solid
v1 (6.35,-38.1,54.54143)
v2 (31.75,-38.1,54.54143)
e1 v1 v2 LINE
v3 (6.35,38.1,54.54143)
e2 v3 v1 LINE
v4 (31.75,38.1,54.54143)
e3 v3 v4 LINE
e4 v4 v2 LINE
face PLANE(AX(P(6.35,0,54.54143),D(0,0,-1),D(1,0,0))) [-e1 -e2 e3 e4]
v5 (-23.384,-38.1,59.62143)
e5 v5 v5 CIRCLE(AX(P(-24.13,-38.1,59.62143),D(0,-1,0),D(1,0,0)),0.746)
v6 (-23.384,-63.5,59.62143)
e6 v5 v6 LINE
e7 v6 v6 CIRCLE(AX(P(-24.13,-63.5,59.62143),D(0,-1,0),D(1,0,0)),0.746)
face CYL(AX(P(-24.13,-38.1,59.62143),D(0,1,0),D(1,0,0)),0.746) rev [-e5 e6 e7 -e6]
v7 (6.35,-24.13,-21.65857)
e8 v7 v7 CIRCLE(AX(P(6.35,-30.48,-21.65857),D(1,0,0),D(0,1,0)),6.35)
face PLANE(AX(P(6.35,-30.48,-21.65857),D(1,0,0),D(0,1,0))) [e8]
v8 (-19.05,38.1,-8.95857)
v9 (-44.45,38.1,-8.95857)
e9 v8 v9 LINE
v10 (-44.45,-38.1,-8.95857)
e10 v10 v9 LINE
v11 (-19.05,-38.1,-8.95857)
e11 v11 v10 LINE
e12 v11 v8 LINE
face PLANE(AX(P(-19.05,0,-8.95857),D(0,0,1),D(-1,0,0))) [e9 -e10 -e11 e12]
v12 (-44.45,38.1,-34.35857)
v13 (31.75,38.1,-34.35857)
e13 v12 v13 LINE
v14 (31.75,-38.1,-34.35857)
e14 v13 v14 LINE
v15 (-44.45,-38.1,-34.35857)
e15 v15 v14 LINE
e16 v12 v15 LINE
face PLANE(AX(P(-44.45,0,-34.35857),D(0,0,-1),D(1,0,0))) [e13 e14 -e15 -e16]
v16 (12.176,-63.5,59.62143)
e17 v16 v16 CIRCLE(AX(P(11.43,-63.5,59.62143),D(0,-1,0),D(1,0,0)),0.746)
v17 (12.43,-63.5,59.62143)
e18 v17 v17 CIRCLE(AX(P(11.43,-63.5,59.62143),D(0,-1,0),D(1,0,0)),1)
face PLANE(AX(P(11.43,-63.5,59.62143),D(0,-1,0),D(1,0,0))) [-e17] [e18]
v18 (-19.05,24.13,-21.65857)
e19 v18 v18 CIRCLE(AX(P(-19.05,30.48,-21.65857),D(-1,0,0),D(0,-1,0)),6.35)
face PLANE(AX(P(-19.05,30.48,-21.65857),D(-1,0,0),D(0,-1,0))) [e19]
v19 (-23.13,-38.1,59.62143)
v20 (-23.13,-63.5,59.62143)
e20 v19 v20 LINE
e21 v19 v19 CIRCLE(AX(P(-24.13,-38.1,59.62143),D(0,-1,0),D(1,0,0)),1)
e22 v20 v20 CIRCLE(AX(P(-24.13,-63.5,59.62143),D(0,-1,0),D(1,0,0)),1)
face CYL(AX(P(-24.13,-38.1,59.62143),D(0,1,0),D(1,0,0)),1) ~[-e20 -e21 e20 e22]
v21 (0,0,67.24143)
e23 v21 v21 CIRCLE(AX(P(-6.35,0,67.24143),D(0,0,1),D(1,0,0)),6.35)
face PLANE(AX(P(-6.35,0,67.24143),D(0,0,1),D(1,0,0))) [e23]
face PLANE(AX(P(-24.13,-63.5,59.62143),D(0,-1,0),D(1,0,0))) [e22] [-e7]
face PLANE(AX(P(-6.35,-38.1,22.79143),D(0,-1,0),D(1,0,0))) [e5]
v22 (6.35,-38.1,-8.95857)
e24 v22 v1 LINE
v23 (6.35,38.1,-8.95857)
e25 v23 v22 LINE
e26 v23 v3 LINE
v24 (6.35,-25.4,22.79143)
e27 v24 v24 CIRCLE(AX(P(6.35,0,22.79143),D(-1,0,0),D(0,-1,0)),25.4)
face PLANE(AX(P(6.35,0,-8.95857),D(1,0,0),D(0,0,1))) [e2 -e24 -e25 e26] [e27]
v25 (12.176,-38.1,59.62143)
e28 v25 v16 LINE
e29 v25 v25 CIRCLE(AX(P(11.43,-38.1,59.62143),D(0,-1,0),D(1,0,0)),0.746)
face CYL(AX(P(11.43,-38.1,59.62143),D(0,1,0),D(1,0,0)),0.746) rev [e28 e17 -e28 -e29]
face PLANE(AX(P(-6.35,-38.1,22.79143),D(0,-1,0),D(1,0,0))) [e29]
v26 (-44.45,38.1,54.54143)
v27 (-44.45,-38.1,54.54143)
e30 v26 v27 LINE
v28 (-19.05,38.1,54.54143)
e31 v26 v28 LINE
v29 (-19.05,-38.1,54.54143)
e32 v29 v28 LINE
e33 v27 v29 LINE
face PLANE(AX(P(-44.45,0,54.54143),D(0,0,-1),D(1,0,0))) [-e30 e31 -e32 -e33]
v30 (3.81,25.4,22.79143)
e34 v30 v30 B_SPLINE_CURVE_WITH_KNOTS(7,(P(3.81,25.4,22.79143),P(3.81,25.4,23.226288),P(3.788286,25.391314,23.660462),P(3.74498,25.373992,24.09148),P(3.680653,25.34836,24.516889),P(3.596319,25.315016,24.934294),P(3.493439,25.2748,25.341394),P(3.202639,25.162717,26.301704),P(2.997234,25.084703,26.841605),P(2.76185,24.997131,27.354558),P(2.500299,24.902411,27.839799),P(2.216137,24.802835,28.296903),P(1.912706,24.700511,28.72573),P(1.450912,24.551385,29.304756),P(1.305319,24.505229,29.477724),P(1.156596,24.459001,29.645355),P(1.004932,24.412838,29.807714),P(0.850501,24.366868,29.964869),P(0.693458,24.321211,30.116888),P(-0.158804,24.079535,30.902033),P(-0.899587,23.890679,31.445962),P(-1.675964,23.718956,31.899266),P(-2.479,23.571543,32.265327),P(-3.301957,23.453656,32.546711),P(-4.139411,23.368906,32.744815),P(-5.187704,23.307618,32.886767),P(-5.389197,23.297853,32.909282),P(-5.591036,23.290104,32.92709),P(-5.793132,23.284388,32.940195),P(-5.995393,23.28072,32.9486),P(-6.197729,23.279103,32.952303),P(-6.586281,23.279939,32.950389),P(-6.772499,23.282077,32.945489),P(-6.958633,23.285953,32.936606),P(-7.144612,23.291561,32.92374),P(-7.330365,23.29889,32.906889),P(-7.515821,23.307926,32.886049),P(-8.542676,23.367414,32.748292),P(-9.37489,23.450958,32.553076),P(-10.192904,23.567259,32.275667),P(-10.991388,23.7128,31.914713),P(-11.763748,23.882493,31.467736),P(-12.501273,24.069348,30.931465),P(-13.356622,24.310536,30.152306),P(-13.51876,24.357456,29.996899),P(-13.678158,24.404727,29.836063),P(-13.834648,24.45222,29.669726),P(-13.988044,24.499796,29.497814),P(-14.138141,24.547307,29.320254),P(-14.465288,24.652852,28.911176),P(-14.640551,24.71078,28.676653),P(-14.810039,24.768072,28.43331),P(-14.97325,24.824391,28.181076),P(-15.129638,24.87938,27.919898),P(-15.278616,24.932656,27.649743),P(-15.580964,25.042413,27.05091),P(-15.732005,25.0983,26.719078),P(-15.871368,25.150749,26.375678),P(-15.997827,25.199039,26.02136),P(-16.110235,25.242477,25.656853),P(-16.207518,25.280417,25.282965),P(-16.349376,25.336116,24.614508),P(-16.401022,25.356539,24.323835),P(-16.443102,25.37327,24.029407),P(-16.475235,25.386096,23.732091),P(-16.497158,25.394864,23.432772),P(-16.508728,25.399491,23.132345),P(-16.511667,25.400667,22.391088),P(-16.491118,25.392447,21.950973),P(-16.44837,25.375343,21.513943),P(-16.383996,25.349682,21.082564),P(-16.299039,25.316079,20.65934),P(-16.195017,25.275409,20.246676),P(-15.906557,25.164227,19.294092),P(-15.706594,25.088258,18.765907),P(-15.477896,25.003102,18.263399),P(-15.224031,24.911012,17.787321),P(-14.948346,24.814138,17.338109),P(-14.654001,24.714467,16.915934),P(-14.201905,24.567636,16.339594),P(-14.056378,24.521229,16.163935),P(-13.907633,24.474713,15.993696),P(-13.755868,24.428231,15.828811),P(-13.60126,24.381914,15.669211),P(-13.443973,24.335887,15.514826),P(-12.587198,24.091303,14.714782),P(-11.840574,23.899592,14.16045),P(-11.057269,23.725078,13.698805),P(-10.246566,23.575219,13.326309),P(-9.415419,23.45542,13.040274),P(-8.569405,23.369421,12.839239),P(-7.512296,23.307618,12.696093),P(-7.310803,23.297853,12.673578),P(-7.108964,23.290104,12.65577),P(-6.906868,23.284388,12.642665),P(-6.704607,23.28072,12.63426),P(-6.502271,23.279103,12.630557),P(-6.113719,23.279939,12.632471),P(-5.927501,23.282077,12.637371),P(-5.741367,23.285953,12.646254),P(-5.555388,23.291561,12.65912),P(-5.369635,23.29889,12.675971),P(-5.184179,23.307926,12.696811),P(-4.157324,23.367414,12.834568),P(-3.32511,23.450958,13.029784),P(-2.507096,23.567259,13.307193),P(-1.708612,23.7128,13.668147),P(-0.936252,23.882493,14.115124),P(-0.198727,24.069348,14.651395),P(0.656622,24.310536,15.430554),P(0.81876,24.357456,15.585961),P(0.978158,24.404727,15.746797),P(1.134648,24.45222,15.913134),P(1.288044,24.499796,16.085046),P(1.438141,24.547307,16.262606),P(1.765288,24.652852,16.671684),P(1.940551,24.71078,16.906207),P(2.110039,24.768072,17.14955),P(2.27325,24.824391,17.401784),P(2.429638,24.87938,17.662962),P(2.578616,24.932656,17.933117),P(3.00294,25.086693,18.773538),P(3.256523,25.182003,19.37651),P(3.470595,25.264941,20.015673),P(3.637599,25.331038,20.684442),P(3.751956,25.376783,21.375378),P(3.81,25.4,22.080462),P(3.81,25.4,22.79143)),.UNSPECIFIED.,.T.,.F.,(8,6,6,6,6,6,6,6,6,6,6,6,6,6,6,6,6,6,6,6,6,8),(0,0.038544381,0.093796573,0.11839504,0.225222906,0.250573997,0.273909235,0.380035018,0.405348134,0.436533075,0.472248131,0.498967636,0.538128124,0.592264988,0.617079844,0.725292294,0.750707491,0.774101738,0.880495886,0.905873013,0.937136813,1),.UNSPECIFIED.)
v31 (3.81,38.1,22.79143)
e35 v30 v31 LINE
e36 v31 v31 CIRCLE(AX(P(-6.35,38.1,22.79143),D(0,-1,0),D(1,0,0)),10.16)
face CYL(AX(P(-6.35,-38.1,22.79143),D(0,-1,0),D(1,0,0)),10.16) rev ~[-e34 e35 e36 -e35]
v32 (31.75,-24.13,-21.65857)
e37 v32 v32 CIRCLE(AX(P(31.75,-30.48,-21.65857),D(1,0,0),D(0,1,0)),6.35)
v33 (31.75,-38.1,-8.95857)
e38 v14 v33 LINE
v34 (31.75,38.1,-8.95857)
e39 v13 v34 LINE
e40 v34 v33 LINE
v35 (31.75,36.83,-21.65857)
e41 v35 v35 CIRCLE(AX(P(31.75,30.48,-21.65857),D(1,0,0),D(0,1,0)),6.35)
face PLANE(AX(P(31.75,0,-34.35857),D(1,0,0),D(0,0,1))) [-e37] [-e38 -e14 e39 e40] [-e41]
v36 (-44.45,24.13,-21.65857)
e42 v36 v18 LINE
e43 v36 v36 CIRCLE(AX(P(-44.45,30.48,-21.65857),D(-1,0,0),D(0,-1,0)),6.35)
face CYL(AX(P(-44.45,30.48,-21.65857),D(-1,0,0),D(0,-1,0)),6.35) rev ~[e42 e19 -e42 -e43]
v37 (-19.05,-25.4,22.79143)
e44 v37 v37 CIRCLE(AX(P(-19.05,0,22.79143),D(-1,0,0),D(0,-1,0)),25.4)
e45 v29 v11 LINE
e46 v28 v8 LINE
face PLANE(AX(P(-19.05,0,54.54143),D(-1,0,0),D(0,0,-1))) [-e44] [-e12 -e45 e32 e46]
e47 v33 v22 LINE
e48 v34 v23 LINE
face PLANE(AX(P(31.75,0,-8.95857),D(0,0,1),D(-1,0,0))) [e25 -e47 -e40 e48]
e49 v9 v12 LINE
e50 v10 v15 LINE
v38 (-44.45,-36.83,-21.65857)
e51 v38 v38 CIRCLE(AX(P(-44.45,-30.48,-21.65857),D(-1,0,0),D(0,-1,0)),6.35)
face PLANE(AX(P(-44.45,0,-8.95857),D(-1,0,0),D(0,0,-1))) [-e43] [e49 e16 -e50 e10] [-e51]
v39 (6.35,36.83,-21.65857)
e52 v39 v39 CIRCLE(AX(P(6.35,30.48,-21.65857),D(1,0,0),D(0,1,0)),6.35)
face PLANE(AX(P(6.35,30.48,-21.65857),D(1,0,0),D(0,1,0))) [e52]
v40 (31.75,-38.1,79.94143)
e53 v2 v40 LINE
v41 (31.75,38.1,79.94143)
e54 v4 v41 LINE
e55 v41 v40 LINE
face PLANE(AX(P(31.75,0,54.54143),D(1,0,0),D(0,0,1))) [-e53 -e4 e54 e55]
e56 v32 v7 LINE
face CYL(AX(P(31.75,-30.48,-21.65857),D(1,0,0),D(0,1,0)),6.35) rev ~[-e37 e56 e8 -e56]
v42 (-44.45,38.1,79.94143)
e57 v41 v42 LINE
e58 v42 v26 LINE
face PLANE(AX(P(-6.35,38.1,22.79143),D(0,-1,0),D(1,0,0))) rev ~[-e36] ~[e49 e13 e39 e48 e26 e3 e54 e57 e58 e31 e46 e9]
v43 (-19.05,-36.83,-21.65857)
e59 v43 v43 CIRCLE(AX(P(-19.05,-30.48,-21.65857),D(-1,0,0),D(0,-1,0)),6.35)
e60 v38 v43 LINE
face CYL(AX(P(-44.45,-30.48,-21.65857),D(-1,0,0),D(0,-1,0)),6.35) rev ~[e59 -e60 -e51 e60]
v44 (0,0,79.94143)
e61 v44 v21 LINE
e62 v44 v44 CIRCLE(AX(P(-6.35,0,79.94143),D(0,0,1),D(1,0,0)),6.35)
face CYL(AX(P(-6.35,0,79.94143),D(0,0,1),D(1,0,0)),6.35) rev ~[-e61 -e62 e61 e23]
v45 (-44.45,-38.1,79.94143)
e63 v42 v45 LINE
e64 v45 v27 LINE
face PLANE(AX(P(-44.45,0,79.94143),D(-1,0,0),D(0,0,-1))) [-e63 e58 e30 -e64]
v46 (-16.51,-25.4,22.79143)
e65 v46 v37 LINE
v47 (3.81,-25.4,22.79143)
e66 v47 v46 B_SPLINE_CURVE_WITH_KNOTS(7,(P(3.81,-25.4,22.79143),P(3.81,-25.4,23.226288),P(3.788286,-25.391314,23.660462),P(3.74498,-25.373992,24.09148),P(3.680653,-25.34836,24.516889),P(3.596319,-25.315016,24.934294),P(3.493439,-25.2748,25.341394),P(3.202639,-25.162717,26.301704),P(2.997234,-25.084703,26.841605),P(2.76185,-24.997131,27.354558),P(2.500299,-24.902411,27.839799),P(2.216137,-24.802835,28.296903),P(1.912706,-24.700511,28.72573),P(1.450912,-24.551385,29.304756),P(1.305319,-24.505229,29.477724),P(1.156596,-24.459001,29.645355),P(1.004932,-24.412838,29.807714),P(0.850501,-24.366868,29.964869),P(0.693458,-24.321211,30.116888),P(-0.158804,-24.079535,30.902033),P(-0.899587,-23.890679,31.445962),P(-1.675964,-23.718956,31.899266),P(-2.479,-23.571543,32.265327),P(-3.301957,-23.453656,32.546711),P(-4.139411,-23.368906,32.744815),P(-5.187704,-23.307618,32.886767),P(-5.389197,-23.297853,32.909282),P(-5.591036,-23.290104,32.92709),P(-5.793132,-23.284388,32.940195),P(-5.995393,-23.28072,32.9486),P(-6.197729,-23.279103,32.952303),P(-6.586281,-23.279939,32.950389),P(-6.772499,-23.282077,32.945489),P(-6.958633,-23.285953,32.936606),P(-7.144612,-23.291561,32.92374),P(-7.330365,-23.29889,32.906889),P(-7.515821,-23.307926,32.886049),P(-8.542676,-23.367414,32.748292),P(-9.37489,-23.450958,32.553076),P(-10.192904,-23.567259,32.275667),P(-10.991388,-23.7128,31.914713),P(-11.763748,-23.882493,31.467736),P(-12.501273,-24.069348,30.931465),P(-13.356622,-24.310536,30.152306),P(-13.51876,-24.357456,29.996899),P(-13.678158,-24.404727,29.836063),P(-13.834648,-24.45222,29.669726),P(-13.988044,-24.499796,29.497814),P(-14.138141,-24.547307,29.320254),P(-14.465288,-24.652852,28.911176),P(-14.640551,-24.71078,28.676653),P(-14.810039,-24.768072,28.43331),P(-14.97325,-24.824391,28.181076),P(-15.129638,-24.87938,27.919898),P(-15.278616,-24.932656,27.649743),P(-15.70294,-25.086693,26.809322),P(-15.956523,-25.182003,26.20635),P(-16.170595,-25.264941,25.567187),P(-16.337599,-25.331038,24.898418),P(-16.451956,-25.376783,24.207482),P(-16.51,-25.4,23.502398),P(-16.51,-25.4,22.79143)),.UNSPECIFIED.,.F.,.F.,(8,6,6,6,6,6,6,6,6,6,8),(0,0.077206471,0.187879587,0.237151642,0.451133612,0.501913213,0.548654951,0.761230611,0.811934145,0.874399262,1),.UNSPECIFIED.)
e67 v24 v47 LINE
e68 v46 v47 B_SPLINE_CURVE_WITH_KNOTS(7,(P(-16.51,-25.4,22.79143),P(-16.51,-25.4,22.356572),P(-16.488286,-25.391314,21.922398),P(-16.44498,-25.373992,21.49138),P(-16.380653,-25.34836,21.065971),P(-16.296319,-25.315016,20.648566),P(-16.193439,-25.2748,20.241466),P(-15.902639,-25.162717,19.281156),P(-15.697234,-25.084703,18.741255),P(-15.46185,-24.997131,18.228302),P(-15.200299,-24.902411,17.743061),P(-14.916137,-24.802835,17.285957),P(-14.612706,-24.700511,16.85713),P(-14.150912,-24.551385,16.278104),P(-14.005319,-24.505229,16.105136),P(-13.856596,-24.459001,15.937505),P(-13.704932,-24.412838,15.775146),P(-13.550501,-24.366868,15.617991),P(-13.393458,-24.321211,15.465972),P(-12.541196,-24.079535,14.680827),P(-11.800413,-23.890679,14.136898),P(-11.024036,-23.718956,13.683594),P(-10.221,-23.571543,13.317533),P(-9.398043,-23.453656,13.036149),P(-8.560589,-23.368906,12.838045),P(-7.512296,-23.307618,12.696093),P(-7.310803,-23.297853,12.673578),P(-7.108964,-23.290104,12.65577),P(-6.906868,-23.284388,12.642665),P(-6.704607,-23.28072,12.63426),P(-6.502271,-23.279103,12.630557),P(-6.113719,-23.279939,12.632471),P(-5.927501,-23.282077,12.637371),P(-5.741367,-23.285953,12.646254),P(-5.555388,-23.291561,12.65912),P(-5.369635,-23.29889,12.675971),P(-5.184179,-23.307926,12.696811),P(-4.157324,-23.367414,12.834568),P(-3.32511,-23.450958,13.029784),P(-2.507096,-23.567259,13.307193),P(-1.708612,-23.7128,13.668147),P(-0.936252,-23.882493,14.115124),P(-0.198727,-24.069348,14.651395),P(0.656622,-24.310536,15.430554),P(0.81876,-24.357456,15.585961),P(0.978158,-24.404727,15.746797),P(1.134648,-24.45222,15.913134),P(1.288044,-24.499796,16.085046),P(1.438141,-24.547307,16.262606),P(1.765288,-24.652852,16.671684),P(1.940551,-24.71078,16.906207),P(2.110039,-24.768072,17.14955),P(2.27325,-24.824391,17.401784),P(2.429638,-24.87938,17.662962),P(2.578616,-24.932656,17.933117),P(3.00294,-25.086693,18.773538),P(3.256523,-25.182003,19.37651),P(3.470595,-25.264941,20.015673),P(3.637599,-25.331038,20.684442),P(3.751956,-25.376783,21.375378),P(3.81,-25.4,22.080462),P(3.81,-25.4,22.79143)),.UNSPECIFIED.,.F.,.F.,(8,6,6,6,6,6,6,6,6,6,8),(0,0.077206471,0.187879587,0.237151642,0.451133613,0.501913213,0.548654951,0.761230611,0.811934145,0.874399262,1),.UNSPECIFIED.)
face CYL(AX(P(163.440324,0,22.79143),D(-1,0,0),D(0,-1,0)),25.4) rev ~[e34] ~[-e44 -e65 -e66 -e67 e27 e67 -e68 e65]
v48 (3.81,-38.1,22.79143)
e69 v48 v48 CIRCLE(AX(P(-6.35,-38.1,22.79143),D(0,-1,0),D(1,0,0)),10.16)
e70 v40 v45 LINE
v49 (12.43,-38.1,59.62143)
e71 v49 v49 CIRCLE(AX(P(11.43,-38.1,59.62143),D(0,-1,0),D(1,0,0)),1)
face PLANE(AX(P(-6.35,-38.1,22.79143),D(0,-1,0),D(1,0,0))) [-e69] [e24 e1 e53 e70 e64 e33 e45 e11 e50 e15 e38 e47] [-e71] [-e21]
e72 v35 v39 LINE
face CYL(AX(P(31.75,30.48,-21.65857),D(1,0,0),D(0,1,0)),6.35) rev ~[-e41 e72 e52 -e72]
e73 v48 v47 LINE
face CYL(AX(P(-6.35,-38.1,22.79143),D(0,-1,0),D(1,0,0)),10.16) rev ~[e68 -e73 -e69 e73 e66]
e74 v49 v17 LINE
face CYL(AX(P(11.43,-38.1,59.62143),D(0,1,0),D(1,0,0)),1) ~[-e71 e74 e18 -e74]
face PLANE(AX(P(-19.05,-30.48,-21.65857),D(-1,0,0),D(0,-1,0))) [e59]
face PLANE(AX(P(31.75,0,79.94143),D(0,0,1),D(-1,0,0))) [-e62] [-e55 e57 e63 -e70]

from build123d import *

# Parameters (mm, degrees)
F1_DEPTH  = 38.1
F3_D      = 50.8
F5_R      = 6.35
F6_DEPTH  = 25.4
F4_R      = 6.35
F7_DEPTH  = 25.4
F8_R      = 6.35
F9_DEPTH  = 12.7
F10_R     = 1
F10_R_2   = 0.746
F11_DEPTH = 25.4
F10_R_3   = 10.16
F12_DEPTH = 101.6


with BuildPart() as f1:
    # F0 (on Front) → F1 (new body, symmetric)
    with BuildSketch(Plane.XZ):
        Polygon((-44.45, -8.95857), (-44.45, -34.35857), (31.75, -34.35857), (31.75, -8.95857), (6.35, -8.95857), (6.35, 54.54143), (31.75, 54.54143), (31.75, 79.94143), (-44.45, 79.94143), (-44.45, 54.54143), (-19.05, 54.54143), (-19.05, -8.95857), align=None)
    extrude(amount=F1_DEPTH, both=True)

    # F3 (through all)
    with Locations(Plane.YZ.offset(6.35)):
        with Locations((0, 22.79143)):
            Hole(F3_D / 2)

    # F5 (on face) → F6 (cut)
    with BuildSketch(Plane.YZ.offset(31.75)):
        with Locations((-30.48, -21.65857)):
            Circle(F5_R)
        with Locations((30.48, -21.65857)):
            Circle(F5_R)
    extrude(amount=-F6_DEPTH, mode=Mode.SUBTRACT)

    # F4 (on face) → F7 (cut)
    with BuildSketch(Plane(origin=(-44.45, 0, 0), x_dir=(0, -1, 0), z_dir=(-1, 0, 0))):
        with Locations((30.48, -21.65857)):
            Circle(F4_R)
        with Locations((-30.48, -21.65857)):
            Circle(F4_R)
    extrude(amount=-F7_DEPTH, mode=Mode.SUBTRACT)

    # F8 (on face) → F9 (cut)
    with BuildSketch(Plane.XY.offset(79.94143)):
        with Locations((-6.35, 0)):
            Circle(F8_R)
    extrude(amount=-F9_DEPTH, mode=Mode.SUBTRACT)

    # F10 (on face) → F11 (join)
    with BuildSketch(Plane.XZ.offset(38.1)):
        with Locations((11.43, 59.62143)):
            Circle(F10_R)
        with Locations((11.43, 59.62143)):
            Circle(F10_R_2, mode=Mode.SUBTRACT)
        with Locations((-24.13, 59.62143)):
            Circle(F10_R)
        with Locations((-24.13, 59.62143)):
            Circle(F10_R_2, mode=Mode.SUBTRACT)
    extrude(amount=F11_DEPTH)

    # F10 (on face) → F12 (cut)
    with BuildSketch(Plane.XZ.offset(38.1)):
        with Locations((-6.35, 22.79143)):
            Circle(F10_R_3)
    extrude(amount=-F12_DEPTH, mode=Mode.SUBTRACT)


solid = f1.part
